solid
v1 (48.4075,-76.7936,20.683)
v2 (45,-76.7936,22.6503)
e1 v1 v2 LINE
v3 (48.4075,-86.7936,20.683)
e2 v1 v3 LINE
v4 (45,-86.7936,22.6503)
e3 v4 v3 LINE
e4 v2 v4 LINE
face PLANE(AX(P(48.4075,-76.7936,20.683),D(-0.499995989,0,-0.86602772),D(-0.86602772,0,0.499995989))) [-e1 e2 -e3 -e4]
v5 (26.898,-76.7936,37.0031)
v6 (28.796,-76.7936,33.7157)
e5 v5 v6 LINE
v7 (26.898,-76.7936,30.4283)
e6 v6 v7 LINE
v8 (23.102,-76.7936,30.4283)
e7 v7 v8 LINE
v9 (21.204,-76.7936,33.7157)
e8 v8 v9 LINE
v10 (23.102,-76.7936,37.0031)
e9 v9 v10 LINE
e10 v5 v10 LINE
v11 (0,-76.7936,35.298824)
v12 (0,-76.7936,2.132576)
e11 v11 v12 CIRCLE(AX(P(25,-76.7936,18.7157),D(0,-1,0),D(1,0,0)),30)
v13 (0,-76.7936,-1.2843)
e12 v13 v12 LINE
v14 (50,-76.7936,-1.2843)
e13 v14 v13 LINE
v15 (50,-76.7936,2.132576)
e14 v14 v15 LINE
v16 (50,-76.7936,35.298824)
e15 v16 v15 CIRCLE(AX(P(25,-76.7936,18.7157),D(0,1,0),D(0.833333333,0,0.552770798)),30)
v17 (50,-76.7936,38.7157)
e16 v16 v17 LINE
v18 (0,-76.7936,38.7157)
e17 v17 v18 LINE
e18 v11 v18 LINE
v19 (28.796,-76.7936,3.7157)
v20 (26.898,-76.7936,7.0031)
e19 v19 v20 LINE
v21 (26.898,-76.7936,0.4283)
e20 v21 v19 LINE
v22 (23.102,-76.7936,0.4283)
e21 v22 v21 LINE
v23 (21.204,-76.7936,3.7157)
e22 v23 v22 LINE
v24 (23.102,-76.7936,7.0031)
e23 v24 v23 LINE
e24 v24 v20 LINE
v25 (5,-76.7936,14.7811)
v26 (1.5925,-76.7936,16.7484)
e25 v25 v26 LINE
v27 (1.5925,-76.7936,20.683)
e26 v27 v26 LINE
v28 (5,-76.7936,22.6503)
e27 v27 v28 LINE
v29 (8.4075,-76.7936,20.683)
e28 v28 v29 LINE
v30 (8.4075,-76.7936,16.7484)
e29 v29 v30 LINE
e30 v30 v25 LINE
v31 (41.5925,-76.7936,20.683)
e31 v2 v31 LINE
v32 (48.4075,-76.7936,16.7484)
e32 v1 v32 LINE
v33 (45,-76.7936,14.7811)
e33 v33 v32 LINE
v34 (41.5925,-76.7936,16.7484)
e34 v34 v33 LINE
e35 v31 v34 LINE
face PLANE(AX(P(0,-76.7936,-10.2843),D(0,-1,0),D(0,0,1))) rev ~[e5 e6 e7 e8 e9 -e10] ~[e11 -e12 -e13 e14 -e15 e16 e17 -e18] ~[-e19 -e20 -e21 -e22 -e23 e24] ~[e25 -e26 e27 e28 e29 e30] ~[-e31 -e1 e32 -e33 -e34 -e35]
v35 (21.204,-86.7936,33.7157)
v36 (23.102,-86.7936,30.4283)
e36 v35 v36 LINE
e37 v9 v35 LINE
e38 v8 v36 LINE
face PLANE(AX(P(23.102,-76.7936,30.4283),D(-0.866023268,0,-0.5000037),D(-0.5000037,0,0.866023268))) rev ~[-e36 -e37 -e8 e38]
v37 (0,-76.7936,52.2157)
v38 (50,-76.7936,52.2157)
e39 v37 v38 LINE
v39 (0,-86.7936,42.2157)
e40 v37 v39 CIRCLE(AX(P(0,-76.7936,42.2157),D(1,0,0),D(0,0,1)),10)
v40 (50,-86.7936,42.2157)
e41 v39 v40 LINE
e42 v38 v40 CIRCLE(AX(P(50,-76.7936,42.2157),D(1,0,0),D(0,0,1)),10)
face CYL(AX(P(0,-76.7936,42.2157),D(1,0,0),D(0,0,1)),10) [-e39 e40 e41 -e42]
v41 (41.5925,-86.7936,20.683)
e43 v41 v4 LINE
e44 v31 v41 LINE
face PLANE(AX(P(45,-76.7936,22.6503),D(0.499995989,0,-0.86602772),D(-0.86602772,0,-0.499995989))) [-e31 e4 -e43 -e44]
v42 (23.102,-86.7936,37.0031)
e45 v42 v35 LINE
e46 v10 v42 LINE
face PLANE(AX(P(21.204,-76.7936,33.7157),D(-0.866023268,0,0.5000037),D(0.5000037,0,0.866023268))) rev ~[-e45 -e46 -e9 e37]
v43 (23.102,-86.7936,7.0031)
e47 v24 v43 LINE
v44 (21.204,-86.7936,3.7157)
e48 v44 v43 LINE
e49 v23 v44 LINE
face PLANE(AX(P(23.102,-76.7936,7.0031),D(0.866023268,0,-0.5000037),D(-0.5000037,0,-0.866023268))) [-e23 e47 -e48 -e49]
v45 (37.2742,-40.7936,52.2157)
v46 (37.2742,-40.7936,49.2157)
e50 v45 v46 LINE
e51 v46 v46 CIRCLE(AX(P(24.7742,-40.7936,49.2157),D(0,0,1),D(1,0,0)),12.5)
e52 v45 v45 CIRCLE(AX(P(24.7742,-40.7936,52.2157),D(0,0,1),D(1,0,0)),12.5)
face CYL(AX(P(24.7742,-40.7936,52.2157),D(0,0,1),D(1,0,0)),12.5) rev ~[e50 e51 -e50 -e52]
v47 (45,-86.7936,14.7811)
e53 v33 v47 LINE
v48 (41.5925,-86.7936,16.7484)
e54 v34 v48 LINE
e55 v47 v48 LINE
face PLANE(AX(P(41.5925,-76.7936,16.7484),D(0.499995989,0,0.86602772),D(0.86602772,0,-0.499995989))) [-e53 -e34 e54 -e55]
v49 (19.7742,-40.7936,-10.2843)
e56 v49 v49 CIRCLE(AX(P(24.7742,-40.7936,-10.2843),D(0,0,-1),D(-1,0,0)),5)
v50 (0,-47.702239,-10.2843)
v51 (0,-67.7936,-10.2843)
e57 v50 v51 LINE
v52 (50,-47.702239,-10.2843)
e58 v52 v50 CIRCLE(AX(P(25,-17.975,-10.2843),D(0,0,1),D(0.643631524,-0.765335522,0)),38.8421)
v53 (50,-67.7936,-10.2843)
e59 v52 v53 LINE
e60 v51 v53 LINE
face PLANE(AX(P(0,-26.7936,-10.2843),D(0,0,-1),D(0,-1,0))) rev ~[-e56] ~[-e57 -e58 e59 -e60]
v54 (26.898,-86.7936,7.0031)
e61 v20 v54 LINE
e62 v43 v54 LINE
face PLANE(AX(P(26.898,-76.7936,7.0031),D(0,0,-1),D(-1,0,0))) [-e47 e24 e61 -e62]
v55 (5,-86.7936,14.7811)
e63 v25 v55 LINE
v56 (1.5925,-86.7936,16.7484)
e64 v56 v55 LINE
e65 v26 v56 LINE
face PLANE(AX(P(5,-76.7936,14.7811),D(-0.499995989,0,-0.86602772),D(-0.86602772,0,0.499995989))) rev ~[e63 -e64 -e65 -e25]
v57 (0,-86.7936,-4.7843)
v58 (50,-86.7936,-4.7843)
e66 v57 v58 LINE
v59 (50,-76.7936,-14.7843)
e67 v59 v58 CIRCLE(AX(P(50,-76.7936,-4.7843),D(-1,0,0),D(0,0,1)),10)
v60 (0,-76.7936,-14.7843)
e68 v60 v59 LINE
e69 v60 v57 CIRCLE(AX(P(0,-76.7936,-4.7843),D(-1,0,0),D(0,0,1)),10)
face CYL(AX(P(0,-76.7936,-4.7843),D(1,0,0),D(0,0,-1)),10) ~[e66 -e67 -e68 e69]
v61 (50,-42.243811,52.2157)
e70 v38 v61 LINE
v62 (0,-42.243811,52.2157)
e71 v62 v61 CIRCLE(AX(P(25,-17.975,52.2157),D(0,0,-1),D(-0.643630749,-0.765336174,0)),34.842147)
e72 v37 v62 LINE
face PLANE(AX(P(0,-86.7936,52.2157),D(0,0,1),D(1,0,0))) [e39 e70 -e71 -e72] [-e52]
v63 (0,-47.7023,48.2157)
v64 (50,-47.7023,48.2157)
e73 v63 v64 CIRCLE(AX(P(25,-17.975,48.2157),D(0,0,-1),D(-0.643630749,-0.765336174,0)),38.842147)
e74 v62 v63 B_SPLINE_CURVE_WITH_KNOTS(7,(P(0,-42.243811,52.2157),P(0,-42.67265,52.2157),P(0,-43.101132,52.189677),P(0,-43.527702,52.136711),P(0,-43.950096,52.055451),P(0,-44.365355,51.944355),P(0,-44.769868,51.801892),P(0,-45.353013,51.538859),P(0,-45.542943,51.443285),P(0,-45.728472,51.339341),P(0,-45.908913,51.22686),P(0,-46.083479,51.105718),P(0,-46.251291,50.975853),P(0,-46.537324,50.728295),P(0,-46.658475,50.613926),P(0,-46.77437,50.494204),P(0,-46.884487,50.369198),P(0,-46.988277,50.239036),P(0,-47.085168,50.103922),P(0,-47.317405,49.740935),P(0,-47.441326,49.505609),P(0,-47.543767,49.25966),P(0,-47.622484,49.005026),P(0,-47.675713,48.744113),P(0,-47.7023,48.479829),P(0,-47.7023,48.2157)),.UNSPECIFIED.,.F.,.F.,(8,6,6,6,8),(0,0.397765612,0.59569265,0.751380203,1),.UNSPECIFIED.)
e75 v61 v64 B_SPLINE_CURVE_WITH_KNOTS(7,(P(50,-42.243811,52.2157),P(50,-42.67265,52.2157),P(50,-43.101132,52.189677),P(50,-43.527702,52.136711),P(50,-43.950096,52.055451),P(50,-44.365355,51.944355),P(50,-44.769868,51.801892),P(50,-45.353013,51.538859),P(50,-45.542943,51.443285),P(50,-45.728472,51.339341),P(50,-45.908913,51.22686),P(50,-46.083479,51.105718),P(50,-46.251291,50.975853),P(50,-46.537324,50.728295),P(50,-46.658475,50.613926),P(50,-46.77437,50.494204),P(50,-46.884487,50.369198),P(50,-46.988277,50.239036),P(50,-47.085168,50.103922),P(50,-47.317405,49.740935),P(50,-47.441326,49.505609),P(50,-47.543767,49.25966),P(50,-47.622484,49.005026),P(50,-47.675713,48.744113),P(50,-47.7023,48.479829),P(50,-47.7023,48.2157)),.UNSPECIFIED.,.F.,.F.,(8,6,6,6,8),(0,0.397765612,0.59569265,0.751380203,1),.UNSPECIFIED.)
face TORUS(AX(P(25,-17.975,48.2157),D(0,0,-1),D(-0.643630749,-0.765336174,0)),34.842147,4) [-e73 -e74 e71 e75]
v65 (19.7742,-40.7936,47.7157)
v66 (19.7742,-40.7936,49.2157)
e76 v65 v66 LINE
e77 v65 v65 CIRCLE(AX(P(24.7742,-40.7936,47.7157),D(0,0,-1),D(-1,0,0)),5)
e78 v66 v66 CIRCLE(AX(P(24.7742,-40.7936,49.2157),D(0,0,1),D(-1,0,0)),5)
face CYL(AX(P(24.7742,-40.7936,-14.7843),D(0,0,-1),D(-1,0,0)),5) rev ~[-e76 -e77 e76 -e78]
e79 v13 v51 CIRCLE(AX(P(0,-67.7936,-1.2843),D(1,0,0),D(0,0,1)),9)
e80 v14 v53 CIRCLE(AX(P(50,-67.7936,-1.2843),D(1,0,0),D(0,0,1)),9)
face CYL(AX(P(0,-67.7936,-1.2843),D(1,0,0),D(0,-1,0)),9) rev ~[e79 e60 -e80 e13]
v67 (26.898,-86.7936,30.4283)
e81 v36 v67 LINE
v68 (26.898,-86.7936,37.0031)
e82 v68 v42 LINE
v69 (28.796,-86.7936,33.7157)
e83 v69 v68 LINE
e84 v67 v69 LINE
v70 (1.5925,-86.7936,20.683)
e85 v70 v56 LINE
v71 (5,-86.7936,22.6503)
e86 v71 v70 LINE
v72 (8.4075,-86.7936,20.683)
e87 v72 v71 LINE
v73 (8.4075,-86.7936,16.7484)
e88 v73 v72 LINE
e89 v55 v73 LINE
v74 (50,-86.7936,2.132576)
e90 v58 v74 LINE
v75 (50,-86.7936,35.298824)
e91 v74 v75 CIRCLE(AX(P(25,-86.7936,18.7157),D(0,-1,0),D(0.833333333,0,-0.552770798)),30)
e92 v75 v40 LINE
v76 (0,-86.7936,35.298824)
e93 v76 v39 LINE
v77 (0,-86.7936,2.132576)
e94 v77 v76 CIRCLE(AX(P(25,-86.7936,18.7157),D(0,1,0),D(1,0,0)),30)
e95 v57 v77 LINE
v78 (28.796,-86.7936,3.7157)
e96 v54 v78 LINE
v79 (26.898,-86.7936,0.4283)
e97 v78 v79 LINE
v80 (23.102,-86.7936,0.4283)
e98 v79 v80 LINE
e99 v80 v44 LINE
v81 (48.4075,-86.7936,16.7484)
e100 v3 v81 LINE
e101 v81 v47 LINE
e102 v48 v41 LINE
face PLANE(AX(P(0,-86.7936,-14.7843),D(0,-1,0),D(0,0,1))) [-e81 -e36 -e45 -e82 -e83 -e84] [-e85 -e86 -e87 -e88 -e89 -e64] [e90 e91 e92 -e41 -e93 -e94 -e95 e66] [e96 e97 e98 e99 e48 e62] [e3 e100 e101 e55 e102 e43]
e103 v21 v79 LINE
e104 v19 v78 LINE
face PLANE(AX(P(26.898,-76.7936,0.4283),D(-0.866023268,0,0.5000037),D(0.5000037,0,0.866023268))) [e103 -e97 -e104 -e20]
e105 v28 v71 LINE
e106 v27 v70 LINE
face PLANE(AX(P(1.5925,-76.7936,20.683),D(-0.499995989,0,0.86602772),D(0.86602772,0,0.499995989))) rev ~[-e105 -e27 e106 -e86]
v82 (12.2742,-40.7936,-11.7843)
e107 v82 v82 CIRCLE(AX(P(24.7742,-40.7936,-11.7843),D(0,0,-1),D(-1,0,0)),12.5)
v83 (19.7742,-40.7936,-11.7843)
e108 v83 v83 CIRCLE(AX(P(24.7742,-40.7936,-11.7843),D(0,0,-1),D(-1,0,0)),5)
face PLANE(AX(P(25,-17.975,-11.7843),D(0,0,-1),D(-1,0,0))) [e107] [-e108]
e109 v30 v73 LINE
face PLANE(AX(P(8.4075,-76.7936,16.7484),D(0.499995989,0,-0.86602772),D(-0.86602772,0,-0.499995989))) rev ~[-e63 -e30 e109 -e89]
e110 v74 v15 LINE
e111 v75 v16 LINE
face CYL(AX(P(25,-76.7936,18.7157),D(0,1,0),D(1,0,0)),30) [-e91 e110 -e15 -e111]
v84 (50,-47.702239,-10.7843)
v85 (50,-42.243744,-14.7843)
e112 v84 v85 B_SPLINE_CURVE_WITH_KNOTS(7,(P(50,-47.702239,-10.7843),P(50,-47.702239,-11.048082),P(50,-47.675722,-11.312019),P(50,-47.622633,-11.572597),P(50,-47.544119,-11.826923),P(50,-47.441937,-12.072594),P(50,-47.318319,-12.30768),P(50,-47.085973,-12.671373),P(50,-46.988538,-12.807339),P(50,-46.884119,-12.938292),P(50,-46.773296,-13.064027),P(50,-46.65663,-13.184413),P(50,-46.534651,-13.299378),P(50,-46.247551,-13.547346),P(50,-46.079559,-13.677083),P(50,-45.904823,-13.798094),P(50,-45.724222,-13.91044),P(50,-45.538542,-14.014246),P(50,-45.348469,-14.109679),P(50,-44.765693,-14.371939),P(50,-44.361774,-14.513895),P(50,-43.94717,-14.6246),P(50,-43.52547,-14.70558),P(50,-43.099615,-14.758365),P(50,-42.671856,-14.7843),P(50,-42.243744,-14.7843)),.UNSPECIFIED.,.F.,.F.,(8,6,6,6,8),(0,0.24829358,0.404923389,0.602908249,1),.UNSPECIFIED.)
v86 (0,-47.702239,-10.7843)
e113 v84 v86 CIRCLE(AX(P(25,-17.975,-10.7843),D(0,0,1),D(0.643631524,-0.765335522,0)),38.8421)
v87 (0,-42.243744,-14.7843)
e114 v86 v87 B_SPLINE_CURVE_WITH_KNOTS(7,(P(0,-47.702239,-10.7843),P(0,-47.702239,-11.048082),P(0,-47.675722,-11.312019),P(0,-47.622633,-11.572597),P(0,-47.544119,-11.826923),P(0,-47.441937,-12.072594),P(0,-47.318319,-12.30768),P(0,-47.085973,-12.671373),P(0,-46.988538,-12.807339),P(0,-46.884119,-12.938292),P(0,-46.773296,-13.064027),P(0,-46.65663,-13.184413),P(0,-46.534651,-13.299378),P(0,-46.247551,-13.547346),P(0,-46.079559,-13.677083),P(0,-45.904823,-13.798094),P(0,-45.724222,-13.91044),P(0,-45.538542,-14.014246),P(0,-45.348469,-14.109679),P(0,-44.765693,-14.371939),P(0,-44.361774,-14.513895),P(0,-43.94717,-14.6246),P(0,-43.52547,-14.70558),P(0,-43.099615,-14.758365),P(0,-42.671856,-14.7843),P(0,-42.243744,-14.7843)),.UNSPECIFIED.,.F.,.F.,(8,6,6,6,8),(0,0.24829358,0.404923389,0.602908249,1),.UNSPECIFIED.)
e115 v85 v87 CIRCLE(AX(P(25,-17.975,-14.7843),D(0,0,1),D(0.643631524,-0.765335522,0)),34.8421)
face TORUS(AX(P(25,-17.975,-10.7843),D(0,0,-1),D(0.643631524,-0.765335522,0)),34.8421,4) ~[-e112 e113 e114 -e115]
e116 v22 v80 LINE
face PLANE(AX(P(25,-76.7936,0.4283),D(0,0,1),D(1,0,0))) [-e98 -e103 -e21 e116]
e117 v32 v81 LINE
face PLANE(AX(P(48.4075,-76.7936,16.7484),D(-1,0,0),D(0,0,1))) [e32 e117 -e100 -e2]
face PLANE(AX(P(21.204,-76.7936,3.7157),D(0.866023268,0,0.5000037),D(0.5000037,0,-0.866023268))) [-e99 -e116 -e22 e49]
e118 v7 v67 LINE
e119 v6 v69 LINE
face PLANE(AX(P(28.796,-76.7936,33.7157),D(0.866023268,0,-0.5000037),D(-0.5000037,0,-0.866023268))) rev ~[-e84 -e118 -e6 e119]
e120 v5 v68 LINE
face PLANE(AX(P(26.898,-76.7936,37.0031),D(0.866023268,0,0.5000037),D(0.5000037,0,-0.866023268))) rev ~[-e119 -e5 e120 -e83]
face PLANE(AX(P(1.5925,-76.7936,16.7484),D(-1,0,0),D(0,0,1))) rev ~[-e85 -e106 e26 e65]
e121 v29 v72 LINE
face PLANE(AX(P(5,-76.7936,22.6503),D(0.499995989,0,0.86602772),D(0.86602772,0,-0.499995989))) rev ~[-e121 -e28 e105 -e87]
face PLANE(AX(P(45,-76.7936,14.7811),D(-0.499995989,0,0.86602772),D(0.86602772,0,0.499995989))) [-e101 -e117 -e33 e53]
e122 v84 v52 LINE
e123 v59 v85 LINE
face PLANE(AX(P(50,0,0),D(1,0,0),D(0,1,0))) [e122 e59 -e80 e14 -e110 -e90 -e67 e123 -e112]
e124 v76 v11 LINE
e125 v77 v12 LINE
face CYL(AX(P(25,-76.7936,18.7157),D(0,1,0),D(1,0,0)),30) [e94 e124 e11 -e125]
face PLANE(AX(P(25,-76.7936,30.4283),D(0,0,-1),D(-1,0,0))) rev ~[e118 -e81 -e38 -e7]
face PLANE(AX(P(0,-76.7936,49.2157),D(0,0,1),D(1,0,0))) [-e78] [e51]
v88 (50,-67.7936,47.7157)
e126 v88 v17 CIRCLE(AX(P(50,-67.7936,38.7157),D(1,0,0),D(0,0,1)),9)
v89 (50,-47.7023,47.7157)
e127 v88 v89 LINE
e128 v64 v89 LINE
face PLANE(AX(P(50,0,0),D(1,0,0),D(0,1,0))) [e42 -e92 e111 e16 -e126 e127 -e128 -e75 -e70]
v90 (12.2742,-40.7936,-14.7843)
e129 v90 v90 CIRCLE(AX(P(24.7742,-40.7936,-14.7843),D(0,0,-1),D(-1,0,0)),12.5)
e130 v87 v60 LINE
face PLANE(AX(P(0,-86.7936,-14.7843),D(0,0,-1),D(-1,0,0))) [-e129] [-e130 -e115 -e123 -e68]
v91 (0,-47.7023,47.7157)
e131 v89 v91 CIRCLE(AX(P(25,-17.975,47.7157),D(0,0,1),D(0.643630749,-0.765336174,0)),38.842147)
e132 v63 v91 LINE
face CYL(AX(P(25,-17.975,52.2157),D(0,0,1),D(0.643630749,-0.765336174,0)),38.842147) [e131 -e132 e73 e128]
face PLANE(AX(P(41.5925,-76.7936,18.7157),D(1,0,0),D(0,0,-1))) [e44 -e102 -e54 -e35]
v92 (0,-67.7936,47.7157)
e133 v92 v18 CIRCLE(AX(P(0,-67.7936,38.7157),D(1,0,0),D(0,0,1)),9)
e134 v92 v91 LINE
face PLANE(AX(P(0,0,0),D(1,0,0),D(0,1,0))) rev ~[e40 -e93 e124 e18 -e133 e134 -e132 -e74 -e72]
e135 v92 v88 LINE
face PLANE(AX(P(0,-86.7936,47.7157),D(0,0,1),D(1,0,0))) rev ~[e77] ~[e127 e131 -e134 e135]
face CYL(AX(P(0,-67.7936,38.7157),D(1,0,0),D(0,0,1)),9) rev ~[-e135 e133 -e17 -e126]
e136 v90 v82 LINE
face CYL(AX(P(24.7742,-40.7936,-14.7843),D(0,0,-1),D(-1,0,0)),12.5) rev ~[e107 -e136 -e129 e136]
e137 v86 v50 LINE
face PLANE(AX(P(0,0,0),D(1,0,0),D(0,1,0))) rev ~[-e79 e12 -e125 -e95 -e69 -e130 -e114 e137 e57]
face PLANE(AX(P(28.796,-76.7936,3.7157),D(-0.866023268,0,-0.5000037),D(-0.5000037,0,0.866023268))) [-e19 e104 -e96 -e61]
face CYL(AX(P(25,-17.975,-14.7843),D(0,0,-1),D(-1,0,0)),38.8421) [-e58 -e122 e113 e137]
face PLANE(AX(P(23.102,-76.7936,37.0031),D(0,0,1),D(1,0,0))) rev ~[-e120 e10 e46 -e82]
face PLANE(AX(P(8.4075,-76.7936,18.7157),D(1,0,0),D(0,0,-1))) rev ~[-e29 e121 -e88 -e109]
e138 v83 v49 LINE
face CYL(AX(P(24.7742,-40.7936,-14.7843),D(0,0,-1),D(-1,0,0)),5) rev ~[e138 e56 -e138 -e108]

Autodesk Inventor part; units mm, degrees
ref_plane "YZ Plane" through (0, 0, 0) normal (1, 0, 0) x (0, 1, 0)
ref_plane "XZ Plane" through (0, 0, 0) normal (0, 1, 0) x (-1, 0, 0)
sketch "Sketch1" plane through (0, 0, 0) normal (1, 0, 0) x (0, 1, 0)
  line L0 (-26.7936, -14.7843) -> (-86.7936, -14.7843)
  line L1 (-86.7936, -14.7843) -> (-86.7936, 52.2157)
  line L2 (-86.7936, 52.2157) -> (-26.8407, 52.2157)
  line L3 (-26.8407, 52.2157) -> (-26.7466, 47.7157)
  line L4 (-26.7936, -14.7843) -> (-26.7936, -10.2843)
  line L5 (-26.7936, -10.2843) -> (-76.7936, -10.2843)
  line L6 (-76.7936, -10.2843) -> (-76.7936, 47.7157)
  line L7 (-76.7936, 47.7157) -> (-26.7466, 47.7157)
  point P0 (0, 0)
  point P1 (-26.7936, -12.5343)
  point P2 (-26.7936, 49.9657)
  dimension "d0" = 4.5
  dimension "d1" = 4.5
  dimension "d4" = 60
  dimension "d5" = 50
  dimension "d9" = 58
extrude "Extrusion1" add sketch "Sketch1" along normal blind 50
sketch "Sketch2" plane through (0, -76.7936, 47.7157) normal (0, 1, 0) x (1, 0, 0)
  line L0 (0, 58) -> (0, 0) projected
  line L1 (0, 0) -> (50, 0) projected
  line L2 (50, 58) -> (50, 0) projected
  line L3 (0, 58) -> (50, 58) projected
  circle A0 centre (25, 29) radius 30
  point P0 (0, 47.7157)
  dimension "d12" = 60
fillet "Fillet1" radius 9 2 edges at (25, -76.7936, -10.2843) (25, -76.7936, 47.7157)
extrude "Extrusion2" add sketch "Sketch2" against normal blind 10 contours A0 L3 L2 L1 L0 | L0 A0 | A0 L3 | L1 A0 | A0 L2
sketch "Sketch4" plane through (0, -86.7936, -14.7843) normal (0, 0, -1) x (-1, 0, 0)
  line L0 (0, 19) -> (0, 60.047) projected
  line L1 (-50, 59.953) -> (-50, 0) projected
  line L2 (0, 29.9765) -> (-50, 29.9765)
  circle A0 centre (-25, 68.8186) radius 38.8421
  point P0 (0, 86.7936)
  point P1 (-25, 29.9765)
extrude "Extrusion3" add sketch "Sketch4" against normal blind 4.5 contours A0
fillet "Fillet2" radius 4 1 edges at (25, 20.8671, -14.7843)
ref_plane "Work Plane1" through (50, -86.7936, 18.7157) normal (0, 0, -1) x (-1, 0, 0)
fillet "Fillet3" radius 10 1 edges at (25, -86.7936, -14.7843)
sketch "Sketch6" plane through (0, -86.7936, 52.2157) normal (0, 0, 1) x (1, 0, 0)
  line L0 (0, 39.0913) -> (0, 19) projected
  line L1 (50, 19) -> (0, 19) projected
  line L2 (50, 39.0913) -> (50, 19) projected
  arc A0 (50, 39.0913) -> (0, 39.0913) centre (25, 68.8186) ccw projected
  circle A1 centre (25, 68.8186) radius 38.8421
  point P0 (0, 86.7936)
extrude "Extrusion4" add sketch "Sketch6" against normal blind 4.5 contours A0 A1
fillet "Fillet4" radius 10 1 edges at (25, -86.7936, 52.2157)
fillet "Fillet5" radius 4 1 edges at (25, 20.8671, 52.2157)
sketch "Sketch7" plane through (25, -17.975, -14.7843) normal (0, 0, -1) x (-1, 0, 0)
  circle A0 centre (0.2258, -22.8186) radius 5
  line L0 (30, -58.8186) -> (25, -58.8186) projected
  point P0 (25, 17.975)
  dimension "d24" = 36
  dimension "d25" = 10
extrude "Extrusion5" cut sketch "Sketch7" against normal through all
sketch "Sketch8" plane through (25, -17.975, -14.7843) normal (0, 0, -1) x (-1, 0, 0)
  circle A0 centre (0.2258, -22.8186) radius 5 projected
  circle A1 centre (0.2258, -22.8186) radius 12.5
  point P0 (25, 17.975)
  dimension "d28" = 25
extrude "Extrusion6" cut sketch "Sketch8" against normal blind 3
sketch "Sketch9" plane through (0, -76.7936, 52.2157) normal (0, 0, 1) x (1, 0, 0)
  circle A0 centre (24.7742, 36) radius 5 projected
  circle A1 centre (24.7742, 36) radius 12.5 projected
  circle A2 centre (24.7742, 36) radius 12.5
  point P0 (0, 76.7936)
extrude "Extrusion7" cut sketch "Sketch9" against normal blind 3
sketch "Sketch11" plane through (0, -76.7936, 38.7157) normal (0, 1, 0) x (1, 0, 0)
  line L0 (0, 3.4169) -> (0, 0) projected
  line L1 (50, 0) -> (0, 0) projected
  line L2 (50, 3.4169) -> (50, 0) projected
  arc A0 (50, 3.4169) -> (50, 36.5831) centre (25, 20) ccw projected
  line L3 (50, 40) -> (50, 36.5831) projected
  line L4 (0, 40) -> (50, 40) projected
  line L5 (0, 40) -> (0, 36.5831) projected
  arc A1 (0, 36.5831) -> (0, 3.4169) centre (25, 20) ccw projected
  line L6 (0, 40) -> (50, 40) projected
  line L7 (25, 40) -> (25, 0)
  line L8 (-5, 20) -> (55, 20)
  line L9 (26.898, 31.7126) -> (23.102, 31.7126)
  line L10 (23.102, 31.7126) -> (21.204, 35)
  line L11 (21.204, 35) -> (23.102, 38.2874)
  line L12 (23.102, 38.2874) -> (26.898, 38.2874)
  line L13 (26.898, 38.2874) -> (28.796, 35)
  line L14 (28.796, 35) -> (26.898, 31.7126)
  line L15 (48.4075, 18.0327) -> (45, 16.0654)
  line L16 (45, 16.0654) -> (41.5925, 18.0327)
  line L17 (41.5925, 18.0327) -> (41.5925, 21.9673)
  line L18 (41.5925, 21.9673) -> (45, 23.9346)
  line L19 (45, 23.9346) -> (48.4075, 21.9673)
  line L20 (48.4075, 21.9673) -> (48.4075, 18.0327)
  line L21 (26.898, 8.2874) -> (23.102, 8.2874)
  line L22 (23.102, 8.2874) -> (21.204, 5)
  line L23 (21.204, 5) -> (23.102, 1.7126)
  line L24 (23.102, 1.7126) -> (26.898, 1.7126)
  line L25 (26.898, 1.7126) -> (28.796, 5)
  line L26 (28.796, 5) -> (26.898, 8.2874)
  line L27 (1.5925, 18.0327) -> (5, 16.0654)
  line L28 (5, 16.0654) -> (8.4075, 18.0327)
  line L29 (8.4075, 18.0327) -> (8.4075, 21.9673)
  line L30 (8.4075, 21.9673) -> (5, 23.9346)
  line L31 (5, 23.9346) -> (1.5925, 21.9673)
  line L32 (1.5925, 21.9673) -> (1.5925, 18.0327)
  point P0 (0, 38.7157)
  point P1 (25, 35)
  point P2 (25, 20)
  point P3 (45, 20)
  dimension "d43" = 15
  dimension "d44" = 20
extrude "Extrusion9" cut sketch "Sketch11" against normal through all contours L32 L31 L30 L29 L8 | L8 L29 L28 L27 L32 | L24 L23 L22 L21 L7 | L7 L21 L26 L25 L24 | L12 L13 L14 L9 L7 | L7 L9 L10 L11 L12 | L17 L18 L19 L20 L8 | L8 L20 L15 L16 L17
properties part number "task3"
